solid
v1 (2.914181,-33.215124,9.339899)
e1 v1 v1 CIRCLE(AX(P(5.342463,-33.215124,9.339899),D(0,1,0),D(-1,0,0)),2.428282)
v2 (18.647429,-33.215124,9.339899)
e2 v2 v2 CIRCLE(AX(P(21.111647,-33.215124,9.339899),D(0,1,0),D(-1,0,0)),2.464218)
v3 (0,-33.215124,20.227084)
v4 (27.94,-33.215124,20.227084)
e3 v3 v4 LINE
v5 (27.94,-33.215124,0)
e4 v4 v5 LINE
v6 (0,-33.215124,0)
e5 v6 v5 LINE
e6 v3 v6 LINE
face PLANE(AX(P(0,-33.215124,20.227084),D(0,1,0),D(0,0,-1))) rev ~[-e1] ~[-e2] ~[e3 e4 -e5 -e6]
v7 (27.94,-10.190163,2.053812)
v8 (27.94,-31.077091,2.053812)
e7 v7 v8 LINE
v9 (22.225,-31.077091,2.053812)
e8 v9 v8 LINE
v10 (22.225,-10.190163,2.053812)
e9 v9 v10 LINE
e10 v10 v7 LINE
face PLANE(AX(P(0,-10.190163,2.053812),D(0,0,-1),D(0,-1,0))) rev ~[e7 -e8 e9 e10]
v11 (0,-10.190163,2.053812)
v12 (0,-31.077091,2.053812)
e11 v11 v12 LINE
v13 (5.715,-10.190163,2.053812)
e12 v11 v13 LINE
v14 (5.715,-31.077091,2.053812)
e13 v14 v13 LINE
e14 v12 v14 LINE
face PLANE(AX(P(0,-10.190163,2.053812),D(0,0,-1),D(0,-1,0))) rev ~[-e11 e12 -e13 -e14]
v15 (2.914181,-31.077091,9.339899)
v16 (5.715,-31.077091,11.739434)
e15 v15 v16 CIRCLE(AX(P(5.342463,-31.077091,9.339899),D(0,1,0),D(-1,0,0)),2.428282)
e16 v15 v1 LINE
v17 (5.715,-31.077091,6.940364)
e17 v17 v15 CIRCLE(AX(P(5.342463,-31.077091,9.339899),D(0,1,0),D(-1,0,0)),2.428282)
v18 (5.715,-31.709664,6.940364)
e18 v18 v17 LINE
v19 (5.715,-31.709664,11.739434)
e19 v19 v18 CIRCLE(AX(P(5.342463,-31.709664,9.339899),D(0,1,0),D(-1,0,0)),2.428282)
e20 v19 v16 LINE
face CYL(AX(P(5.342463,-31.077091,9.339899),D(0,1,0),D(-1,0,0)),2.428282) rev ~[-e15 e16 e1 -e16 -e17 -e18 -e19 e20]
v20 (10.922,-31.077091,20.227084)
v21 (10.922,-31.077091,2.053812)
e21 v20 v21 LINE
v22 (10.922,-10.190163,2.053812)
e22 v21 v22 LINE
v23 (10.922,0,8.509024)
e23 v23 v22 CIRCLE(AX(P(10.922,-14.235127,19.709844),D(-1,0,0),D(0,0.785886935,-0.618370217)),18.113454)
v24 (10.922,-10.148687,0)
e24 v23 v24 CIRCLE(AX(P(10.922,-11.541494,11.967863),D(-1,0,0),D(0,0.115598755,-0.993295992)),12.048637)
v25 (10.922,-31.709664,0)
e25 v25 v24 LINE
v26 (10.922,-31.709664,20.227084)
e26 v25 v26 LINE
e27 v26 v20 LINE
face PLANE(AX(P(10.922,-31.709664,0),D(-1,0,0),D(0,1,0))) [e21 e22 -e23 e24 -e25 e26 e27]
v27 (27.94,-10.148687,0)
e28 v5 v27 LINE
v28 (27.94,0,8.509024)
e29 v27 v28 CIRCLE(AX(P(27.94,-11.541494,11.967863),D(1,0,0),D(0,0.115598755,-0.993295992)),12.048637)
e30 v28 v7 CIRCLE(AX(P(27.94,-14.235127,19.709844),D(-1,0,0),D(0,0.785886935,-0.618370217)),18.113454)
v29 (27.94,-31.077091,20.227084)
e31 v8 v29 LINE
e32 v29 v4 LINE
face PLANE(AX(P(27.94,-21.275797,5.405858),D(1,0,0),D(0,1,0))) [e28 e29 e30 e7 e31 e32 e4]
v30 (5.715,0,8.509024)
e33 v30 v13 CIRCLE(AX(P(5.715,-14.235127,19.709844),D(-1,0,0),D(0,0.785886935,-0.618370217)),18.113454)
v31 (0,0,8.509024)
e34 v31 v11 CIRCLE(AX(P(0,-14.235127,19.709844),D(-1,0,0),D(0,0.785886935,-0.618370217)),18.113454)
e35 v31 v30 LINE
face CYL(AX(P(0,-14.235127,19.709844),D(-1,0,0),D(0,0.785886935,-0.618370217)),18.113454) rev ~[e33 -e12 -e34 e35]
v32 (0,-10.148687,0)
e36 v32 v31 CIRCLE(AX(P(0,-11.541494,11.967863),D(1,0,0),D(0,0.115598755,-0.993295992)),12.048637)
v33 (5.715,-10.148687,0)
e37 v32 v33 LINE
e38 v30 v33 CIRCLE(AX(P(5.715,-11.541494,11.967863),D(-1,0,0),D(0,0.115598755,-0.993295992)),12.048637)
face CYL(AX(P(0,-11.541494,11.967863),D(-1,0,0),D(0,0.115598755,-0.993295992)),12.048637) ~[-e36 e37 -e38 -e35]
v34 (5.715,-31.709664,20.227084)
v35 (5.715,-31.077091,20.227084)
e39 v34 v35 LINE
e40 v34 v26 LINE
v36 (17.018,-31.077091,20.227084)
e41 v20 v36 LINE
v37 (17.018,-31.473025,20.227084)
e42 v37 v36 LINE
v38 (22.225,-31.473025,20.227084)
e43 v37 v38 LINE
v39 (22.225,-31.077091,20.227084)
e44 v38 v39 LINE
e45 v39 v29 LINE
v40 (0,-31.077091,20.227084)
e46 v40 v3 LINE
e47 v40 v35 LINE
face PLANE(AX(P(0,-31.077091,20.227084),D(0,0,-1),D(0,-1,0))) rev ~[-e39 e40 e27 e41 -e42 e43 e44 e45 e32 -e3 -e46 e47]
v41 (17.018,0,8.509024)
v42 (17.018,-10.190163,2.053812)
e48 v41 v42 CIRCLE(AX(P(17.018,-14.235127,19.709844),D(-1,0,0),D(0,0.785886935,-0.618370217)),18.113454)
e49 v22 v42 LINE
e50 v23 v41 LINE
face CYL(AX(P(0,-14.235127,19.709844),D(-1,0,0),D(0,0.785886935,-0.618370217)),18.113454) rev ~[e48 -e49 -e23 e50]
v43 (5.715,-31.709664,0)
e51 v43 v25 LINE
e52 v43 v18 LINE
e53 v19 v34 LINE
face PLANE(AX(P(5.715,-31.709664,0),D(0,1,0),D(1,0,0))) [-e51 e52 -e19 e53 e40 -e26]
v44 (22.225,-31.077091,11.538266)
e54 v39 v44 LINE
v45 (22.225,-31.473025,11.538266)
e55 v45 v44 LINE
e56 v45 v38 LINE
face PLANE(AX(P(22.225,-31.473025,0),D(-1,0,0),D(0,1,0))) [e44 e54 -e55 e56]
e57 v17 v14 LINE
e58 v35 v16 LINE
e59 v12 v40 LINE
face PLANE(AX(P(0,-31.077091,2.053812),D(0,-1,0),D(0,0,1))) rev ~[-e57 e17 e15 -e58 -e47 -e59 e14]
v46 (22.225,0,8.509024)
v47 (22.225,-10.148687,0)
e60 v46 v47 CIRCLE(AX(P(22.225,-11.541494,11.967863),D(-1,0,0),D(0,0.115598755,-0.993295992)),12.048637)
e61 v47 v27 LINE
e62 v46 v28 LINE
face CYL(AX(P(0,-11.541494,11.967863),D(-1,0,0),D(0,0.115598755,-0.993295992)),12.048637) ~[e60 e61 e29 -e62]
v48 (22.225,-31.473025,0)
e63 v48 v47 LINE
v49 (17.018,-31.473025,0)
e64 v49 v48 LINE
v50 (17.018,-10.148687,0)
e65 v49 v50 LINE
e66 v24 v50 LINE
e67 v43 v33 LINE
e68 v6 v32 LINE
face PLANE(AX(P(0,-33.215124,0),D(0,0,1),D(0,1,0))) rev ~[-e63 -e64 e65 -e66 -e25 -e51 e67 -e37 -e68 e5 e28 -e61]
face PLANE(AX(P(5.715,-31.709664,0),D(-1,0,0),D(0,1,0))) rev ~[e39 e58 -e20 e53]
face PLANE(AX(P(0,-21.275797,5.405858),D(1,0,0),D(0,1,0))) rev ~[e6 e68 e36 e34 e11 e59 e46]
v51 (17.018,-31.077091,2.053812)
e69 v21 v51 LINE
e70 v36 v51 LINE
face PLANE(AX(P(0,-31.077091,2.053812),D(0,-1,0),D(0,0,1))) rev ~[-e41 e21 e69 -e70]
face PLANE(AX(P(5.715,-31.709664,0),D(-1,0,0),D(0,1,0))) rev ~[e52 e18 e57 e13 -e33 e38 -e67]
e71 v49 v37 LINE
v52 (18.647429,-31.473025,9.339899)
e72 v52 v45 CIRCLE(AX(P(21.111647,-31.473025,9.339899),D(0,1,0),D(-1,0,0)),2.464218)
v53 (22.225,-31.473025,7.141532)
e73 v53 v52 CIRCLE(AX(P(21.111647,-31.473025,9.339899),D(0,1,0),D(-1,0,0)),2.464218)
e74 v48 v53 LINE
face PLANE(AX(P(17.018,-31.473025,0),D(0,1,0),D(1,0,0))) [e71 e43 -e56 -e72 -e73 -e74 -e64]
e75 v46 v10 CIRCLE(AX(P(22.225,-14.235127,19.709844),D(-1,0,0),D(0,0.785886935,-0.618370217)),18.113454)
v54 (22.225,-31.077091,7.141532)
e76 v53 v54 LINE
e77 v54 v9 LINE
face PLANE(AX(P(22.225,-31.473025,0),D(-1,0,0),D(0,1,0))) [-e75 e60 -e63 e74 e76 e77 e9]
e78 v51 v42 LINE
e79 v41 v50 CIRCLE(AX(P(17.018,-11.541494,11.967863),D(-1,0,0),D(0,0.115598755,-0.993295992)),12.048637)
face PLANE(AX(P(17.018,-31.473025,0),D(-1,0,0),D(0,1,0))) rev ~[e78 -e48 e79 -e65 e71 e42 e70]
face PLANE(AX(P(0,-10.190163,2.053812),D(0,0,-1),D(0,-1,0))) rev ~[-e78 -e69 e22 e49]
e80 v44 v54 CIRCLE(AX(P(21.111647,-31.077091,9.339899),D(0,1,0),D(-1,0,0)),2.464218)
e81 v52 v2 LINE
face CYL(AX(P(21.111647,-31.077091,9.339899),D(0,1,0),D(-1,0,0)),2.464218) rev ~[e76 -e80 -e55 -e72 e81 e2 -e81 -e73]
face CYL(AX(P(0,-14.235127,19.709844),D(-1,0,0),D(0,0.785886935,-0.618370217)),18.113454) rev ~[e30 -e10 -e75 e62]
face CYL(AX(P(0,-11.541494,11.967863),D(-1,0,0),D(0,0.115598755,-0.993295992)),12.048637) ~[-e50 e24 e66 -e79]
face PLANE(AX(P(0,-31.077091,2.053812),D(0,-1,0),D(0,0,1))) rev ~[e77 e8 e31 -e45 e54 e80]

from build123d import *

# Parameters (mm, degrees)
F1_DEPTH = 27.94
F2_R     = 2.428282
F2_R_2   = 2.464218
F3_DEPTH = 5.08
F4_W     = 5.207
F4_H     = 31.709664
F4_H_2   = 31.473025
F5_DEPTH = 23.622


with BuildPart() as f1:
    # F0 (on Right) → F1 (new body)
    with BuildSketch(Plane.YZ):
        with BuildLine():
            Line((-33.215124, 0), (-10.148687, 0))
            ThreePointArc((-10.148687, 0), (-3.800376, 2.735055), (0, 8.509024))
            ThreePointArc((0, 8.509024), (-4.54194, 4.408232), (-10.190163, 2.053812))
            Line((-10.190163, 2.053812), (-31.077091, 2.053812))
            Line((-31.077091, 2.053812), (-31.077091, 20.227084))
            Line((-31.077091, 20.227084), (-33.215124, 20.227084))
            Line((-33.215124, 20.227084), (-33.215124, 0))
        make_face()
    extrude(amount=F1_DEPTH)

    # F2 (on face) → F3 (cut)
    with BuildSketch(Plane(origin=(0, -31.077091, 0), x_dir=(-1, 0, 0), z_dir=(0, 1, 0))):
        with Locations((-5.342463, 9.339899)):
            Circle(F2_R)
        with Locations((-21.111647, 9.339899)):
            Circle(F2_R_2)
    extrude(amount=-F3_DEPTH, mode=Mode.SUBTRACT)

    # F4 (on Top) → F5 (cut)
    with BuildSketch(Plane.XY):
        with Locations((8.3185, -15.854832)):
            Rectangle(F4_W, F4_H)
        with Locations((19.6215, -15.736512)):
            Rectangle(F4_W, F4_H_2)
    extrude(amount=F5_DEPTH, mode=Mode.SUBTRACT)


solid = f1.part
